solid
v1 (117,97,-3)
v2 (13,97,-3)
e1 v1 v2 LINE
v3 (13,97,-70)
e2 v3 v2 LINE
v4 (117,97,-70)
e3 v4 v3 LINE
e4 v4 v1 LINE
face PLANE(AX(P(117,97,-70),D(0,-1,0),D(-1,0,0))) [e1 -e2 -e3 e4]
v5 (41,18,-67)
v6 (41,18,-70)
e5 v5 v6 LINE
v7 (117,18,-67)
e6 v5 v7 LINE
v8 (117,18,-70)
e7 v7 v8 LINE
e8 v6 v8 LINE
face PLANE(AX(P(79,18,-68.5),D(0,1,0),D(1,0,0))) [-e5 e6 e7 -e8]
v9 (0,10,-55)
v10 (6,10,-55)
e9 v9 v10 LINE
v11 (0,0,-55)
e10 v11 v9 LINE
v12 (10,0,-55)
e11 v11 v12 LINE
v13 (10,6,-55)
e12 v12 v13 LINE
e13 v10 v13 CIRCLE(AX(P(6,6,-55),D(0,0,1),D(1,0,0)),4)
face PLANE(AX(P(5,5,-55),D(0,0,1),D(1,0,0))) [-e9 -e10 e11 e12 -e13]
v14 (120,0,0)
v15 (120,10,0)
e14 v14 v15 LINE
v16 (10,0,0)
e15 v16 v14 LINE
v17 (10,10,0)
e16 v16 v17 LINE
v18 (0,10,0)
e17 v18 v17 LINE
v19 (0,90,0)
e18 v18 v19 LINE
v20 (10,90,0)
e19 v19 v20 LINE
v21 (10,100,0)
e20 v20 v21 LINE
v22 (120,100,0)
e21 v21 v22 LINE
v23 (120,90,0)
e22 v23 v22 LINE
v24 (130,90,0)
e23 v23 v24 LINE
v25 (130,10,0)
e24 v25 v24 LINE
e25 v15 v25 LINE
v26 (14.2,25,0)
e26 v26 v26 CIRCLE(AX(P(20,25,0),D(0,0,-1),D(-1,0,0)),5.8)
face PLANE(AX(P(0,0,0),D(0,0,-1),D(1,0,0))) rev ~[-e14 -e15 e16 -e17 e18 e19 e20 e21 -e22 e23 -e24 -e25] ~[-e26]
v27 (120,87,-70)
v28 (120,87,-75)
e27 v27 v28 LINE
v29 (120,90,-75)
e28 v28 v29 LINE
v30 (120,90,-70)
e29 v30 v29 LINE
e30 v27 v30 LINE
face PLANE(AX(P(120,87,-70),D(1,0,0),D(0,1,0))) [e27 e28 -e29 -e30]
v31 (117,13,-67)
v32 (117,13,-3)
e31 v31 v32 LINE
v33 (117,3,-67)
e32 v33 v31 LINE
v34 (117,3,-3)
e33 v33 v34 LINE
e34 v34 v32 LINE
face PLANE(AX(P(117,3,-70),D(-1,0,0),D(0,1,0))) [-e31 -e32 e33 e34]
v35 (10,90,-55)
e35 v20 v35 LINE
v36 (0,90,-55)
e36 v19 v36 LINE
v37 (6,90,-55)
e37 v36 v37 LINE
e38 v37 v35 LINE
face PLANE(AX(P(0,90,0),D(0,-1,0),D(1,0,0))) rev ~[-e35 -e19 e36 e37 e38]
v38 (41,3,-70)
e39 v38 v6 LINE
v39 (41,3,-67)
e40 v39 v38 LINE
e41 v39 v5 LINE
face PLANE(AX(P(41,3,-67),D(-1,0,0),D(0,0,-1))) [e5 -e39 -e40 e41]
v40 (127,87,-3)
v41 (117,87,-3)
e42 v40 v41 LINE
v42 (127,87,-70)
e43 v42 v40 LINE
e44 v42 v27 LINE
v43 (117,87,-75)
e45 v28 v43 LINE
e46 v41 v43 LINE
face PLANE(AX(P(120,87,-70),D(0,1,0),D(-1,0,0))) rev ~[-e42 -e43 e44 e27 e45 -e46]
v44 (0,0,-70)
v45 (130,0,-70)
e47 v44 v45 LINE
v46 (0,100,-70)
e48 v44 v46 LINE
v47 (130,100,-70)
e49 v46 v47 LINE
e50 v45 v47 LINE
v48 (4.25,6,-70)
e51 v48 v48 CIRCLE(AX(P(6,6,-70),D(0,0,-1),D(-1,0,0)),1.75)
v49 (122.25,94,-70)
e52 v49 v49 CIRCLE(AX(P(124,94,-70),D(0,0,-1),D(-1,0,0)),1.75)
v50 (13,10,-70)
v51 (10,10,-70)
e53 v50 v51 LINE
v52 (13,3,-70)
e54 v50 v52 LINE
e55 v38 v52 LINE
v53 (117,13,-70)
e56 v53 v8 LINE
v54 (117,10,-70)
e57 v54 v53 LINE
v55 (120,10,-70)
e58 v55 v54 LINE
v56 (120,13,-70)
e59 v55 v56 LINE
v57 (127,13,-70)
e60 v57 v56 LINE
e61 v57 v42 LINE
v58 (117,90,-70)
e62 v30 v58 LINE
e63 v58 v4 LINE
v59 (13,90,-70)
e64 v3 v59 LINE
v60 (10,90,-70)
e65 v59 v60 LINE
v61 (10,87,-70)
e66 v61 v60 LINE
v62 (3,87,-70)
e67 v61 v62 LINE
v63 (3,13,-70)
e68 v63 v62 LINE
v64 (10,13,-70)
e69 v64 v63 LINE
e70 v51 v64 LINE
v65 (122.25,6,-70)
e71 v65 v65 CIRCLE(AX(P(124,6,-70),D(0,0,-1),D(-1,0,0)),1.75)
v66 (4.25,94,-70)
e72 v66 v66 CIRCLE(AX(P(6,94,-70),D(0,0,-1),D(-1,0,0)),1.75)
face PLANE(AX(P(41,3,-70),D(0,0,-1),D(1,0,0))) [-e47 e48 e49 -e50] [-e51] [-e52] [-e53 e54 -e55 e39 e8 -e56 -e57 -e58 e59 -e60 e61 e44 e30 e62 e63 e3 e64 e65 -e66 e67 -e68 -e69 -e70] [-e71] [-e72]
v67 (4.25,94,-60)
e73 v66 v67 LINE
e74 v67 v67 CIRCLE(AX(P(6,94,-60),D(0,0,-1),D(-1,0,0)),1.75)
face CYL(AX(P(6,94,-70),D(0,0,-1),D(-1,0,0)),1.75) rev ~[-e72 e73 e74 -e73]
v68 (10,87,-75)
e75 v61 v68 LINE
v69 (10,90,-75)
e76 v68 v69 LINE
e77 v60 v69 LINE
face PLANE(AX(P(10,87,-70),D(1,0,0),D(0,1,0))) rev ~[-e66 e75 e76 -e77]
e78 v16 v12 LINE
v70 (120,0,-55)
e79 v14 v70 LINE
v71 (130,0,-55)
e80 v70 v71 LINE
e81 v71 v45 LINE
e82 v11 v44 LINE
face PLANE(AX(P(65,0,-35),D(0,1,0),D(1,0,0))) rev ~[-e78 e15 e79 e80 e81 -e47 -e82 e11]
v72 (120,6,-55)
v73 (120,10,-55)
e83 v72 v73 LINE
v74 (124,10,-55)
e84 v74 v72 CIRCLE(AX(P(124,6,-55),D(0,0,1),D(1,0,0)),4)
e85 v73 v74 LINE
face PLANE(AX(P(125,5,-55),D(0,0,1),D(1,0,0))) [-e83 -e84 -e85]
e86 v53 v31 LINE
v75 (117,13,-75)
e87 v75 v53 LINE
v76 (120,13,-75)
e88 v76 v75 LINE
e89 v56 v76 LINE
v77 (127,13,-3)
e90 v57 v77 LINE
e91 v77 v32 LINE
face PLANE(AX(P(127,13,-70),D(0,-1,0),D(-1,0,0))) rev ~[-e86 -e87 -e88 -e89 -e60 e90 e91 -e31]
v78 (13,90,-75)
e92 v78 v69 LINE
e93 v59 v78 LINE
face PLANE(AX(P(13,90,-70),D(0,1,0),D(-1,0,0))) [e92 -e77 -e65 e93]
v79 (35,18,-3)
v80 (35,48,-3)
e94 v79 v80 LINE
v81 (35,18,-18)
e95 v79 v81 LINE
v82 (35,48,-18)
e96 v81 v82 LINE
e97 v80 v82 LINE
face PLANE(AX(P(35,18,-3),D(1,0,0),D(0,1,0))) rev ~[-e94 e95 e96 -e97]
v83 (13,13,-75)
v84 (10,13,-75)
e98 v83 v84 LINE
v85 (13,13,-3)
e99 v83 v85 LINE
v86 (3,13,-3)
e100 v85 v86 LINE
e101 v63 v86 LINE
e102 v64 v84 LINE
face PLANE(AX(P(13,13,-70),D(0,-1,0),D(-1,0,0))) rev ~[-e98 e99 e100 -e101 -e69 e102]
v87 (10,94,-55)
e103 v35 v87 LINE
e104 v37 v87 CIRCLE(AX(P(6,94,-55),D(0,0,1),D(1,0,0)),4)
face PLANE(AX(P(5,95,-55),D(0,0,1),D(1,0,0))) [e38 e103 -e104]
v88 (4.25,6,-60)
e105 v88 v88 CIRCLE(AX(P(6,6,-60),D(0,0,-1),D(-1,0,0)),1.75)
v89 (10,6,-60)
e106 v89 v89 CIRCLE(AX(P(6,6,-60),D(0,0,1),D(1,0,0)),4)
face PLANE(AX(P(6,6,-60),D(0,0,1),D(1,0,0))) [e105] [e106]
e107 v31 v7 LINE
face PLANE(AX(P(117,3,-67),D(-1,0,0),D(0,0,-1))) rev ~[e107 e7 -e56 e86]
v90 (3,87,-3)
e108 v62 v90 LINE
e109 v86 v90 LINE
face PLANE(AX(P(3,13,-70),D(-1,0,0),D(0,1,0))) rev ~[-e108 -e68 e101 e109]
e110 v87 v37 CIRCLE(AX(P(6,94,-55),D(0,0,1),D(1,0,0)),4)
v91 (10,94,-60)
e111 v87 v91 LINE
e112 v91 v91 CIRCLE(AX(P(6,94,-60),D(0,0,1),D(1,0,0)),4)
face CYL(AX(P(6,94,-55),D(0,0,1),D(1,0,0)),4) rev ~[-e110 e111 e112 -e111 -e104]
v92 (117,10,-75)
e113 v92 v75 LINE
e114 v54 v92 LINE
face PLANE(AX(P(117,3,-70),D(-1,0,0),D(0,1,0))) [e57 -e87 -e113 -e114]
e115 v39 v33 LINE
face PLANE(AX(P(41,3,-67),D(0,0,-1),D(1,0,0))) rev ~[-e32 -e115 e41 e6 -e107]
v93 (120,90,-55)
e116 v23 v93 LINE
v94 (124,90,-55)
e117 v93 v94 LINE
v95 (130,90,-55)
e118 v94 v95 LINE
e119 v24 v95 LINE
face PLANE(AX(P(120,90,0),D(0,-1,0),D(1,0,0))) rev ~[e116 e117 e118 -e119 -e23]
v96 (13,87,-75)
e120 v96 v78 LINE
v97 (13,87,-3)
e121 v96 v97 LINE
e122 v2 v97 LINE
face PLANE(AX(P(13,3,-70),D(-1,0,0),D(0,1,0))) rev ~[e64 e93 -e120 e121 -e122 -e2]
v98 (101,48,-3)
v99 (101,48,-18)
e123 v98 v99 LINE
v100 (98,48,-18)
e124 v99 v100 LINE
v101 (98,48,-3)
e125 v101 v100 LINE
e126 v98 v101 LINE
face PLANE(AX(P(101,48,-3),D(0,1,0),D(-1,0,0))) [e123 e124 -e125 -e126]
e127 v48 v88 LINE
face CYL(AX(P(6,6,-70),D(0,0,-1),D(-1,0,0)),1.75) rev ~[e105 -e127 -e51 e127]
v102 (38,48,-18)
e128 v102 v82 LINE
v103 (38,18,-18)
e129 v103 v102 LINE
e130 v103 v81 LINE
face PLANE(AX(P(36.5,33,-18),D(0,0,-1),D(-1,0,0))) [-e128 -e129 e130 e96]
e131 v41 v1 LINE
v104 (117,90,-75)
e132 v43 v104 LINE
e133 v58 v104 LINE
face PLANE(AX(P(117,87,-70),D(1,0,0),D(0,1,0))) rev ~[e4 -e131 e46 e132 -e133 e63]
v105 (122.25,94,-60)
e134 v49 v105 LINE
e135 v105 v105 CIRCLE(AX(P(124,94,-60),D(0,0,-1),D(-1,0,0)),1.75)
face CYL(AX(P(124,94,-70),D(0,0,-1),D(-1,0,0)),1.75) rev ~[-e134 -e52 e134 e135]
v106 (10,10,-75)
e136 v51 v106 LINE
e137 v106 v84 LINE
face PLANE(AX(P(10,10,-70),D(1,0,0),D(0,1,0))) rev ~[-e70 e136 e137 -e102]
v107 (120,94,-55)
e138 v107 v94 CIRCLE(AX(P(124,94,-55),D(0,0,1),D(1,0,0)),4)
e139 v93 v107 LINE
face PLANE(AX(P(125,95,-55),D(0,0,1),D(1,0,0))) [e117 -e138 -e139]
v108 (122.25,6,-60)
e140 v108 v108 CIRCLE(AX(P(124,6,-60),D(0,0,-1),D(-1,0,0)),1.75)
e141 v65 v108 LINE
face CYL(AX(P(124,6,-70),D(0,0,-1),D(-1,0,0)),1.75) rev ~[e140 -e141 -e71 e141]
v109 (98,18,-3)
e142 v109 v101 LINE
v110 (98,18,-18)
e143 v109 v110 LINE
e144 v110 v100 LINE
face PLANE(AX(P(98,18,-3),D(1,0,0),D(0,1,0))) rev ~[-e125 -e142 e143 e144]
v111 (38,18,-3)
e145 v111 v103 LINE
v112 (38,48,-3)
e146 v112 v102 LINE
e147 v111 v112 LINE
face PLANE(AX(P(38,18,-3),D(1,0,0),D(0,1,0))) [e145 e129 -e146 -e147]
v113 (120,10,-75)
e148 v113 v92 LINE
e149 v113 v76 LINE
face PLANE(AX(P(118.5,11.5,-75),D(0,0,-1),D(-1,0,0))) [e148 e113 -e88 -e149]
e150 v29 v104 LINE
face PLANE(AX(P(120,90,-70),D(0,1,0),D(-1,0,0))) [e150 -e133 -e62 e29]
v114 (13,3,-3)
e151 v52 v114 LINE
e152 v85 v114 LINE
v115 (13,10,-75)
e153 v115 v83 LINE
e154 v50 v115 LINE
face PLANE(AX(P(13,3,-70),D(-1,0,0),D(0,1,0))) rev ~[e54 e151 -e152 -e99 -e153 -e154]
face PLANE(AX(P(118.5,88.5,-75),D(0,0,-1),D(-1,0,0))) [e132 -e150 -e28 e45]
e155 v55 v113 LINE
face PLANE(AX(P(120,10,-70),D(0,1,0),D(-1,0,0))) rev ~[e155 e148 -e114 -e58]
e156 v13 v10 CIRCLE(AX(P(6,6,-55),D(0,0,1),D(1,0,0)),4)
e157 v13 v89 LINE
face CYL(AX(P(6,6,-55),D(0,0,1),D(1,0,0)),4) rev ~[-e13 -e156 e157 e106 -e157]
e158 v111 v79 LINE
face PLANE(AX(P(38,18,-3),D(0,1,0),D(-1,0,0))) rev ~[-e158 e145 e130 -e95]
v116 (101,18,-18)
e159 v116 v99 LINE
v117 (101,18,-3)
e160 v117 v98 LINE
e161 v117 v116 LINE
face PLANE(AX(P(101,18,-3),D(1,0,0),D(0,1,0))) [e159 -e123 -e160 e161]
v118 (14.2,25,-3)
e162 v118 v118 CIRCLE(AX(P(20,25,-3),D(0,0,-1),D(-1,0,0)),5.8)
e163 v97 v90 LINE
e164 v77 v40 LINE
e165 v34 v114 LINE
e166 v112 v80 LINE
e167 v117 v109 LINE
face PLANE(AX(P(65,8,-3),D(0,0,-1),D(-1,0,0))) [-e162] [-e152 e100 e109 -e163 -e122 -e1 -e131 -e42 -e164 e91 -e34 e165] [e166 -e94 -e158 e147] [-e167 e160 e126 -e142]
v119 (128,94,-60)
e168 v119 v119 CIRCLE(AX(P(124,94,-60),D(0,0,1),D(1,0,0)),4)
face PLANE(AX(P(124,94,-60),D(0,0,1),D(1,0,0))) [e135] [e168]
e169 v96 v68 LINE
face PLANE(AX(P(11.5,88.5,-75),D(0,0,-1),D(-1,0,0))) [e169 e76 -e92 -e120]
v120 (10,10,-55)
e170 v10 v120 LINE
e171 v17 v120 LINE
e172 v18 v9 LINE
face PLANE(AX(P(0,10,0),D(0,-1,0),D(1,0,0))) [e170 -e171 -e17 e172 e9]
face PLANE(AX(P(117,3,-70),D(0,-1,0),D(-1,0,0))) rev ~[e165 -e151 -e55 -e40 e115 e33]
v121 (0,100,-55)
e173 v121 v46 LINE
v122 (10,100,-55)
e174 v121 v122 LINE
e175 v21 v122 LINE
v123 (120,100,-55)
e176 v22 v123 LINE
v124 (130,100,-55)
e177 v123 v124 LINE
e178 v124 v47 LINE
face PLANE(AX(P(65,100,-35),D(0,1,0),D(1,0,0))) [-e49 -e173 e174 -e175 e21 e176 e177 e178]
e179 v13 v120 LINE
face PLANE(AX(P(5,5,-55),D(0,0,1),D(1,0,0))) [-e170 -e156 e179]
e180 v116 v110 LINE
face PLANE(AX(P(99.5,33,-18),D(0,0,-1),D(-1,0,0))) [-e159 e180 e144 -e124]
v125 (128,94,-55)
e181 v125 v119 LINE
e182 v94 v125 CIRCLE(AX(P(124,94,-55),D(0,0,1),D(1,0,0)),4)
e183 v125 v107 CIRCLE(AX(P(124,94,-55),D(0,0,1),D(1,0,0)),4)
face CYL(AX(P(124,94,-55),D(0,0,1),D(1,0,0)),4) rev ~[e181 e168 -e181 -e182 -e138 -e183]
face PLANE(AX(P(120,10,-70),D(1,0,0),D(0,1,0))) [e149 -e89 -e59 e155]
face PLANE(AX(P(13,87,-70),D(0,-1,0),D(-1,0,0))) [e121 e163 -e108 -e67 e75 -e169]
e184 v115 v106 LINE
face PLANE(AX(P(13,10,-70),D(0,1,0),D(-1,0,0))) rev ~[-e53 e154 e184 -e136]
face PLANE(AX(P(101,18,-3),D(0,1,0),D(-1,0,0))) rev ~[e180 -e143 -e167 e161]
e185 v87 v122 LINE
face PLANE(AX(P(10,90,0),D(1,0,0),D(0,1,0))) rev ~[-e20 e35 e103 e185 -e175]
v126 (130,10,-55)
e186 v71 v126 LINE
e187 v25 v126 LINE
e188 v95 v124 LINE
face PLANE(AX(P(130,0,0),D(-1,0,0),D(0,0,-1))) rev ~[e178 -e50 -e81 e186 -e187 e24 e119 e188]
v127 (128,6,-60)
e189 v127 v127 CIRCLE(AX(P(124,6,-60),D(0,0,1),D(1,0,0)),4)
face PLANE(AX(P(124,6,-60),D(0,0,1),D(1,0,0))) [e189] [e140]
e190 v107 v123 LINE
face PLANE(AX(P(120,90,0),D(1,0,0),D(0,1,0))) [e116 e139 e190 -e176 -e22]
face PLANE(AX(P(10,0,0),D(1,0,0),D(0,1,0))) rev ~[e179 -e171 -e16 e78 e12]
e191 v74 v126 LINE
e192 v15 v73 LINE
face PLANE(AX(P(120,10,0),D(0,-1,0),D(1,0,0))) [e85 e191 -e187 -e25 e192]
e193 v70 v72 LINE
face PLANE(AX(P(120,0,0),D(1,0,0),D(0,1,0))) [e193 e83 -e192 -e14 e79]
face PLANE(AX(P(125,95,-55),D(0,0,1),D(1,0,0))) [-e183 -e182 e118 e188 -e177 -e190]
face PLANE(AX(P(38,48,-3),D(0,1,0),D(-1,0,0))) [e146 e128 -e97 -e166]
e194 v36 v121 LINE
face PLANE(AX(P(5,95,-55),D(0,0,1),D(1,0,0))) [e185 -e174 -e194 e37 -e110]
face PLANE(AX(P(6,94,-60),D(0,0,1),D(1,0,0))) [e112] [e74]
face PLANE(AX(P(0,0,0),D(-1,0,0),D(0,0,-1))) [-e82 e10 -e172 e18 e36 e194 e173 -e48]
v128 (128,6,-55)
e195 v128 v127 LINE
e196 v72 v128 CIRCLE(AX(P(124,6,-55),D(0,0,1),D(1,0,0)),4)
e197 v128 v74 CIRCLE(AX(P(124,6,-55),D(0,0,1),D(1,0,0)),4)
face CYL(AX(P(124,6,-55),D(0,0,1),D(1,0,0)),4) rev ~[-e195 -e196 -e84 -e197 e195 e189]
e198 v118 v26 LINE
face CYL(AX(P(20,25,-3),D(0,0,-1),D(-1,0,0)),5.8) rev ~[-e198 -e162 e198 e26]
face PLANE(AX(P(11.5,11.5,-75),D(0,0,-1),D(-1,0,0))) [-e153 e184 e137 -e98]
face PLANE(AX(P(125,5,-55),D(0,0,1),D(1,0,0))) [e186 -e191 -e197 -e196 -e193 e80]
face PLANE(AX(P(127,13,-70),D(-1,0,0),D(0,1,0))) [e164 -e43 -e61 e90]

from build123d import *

# Parameters (mm, degrees)
SKETCH2_W           = 130
SKETCH2_H           = 70
BOSS_EXTRUDE1_DEPTH = 100
SKETCH3_W           = 104
SKETCH3_H           = 74
CUT_EXTRUDE1_DEPTH  = 67
SKETCH4_W           = 10
SKETCH4_H           = 10
CUT_EXTRUDE2_DEPTH  = 55
SKETCH5_W           = 104
SKETCH5_H           = 10
CUT_EXTRUDE3_DEPTH  = 67
SKETCH6_W           = 10
SKETCH6_H           = 74
CUT_EXTRUDE4_DEPTH  = 67
SKETCH9_R           = 1.75
CUT_EXTRUDE5_DEPTH  = 67
SKETCH10_R          = 4
CUT_EXTRUDE6_DEPTH  = 5
SKETCH12_R          = 4
CUT_EXTRUDE7_DEPTH  = 5
SKETCH13_R          = 4
CUT_EXTRUDE8_DEPTH  = 5
SKETCH14_R          = 4
CUT_EXTRUDE9_DEPTH  = 5
SKETCH15_W          = 3
SKETCH15_H          = 3
BOSS_EXTRUDE2_DEPTH = 5
SKETCH16_W          = 76
SKETCH16_H          = 3
BOSS_EXTRUDE3_DEPTH = 15
SKETCH17_W          = 3
SKETCH17_H          = 30
BOSS_EXTRUDE4_DEPTH = 15
SKETCH18_R          = 5.8
CUT_EXTRUDE10_DEPTH = 15


with BuildPart() as part:
    # Sketch2 → Boss-Extrude1 (new body)
    with BuildSketch(Plane(origin=(0, 0, 0), x_dir=(1, 0, 0), z_dir=(0, 1, 0))):
        with Locations((65, 35)):
            Rectangle(SKETCH2_W, SKETCH2_H)
    extrude(amount=BOSS_EXTRUDE1_DEPTH)

    # Sketch3 → Cut-Extrude1 (cut)
    with BuildSketch(Plane(origin=(0, 0, -70), x_dir=(-1, 0, 0), z_dir=(0, 0, -1))):
        with Locations((-65, 50)):
            Rectangle(SKETCH3_W, SKETCH3_H)
    extrude(amount=-CUT_EXTRUDE1_DEPTH, mode=Mode.SUBTRACT)

    # Sketch4 → Cut-Extrude2 (cut)
    with BuildSketch(Plane.XY):
        with Locations((5, 95)):
            Rectangle(SKETCH4_W, SKETCH4_H)
        with Locations((125, 95)):
            Rectangle(SKETCH4_W, SKETCH4_H)
        with Locations((5, 5)):
            Rectangle(SKETCH4_W, SKETCH4_H)
        with Locations((125, 5)):
            Rectangle(SKETCH4_W, SKETCH4_H)
    extrude(amount=-CUT_EXTRUDE2_DEPTH, mode=Mode.SUBTRACT)

    # Sketch5 → Cut-Extrude3 (cut)
    with BuildSketch(Plane(origin=(0, 0, -70), x_dir=(-1, 0, 0), z_dir=(0, 0, -1))):
        with Locations((-65, 92)):
            Rectangle(SKETCH5_W, SKETCH5_H)
        with Locations((-65, 8)):
            Rectangle(SKETCH5_W, SKETCH5_H)
    extrude(amount=-CUT_EXTRUDE3_DEPTH, mode=Mode.SUBTRACT)

    # Sketch6 → Cut-Extrude4 (cut)
    with BuildSketch(Plane(origin=(0, 0, -70), x_dir=(-1, 0, 0), z_dir=(0, 0, -1))):
        with Locations((-122, 50)):
            Rectangle(SKETCH6_W, SKETCH6_H)
        with Locations((-8, 50)):
            Rectangle(SKETCH6_W, SKETCH6_H)
    extrude(amount=-CUT_EXTRUDE4_DEPTH, mode=Mode.SUBTRACT)

    # Sketch9 → Cut-Extrude5 (cut)
    with BuildSketch(Plane(origin=(0, 0, -70), x_dir=(-1, 0, 0), z_dir=(0, 0, -1))):
        with Locations((-124, 94)):
            Circle(SKETCH9_R)
        with Locations((-124, 6)):
            Circle(SKETCH9_R)
        with Locations((-6, 94)):
            Circle(SKETCH9_R)
        with Locations((-6, 6)):
            Circle(SKETCH9_R)
    extrude(amount=-CUT_EXTRUDE5_DEPTH, mode=Mode.SUBTRACT)

    # Sketch10 → Cut-Extrude6 (cut)
    with BuildSketch(Plane.XY.offset(-55)):
        with Locations((124, 94)):
            Circle(SKETCH10_R)
    extrude(amount=-CUT_EXTRUDE6_DEPTH, mode=Mode.SUBTRACT)

    # Sketch12 → Cut-Extrude7 (cut)
    with BuildSketch(Plane.XY.offset(-55)):
        with Locations((124, 6)):
            Circle(SKETCH12_R)
    extrude(amount=-CUT_EXTRUDE7_DEPTH, mode=Mode.SUBTRACT)

    # Sketch13 → Cut-Extrude8 (cut)
    with BuildSketch(Plane.XY.offset(-55)):
        with Locations((6, 6)):
            Circle(SKETCH13_R)
    extrude(amount=-CUT_EXTRUDE8_DEPTH, mode=Mode.SUBTRACT)

    # Sketch14 → Cut-Extrude9 (cut)
    with BuildSketch(Plane.XY.offset(-55)):
        with Locations((6, 94)):
            Circle(SKETCH14_R)
    extrude(amount=-CUT_EXTRUDE9_DEPTH, mode=Mode.SUBTRACT)

    # Sketch15 → Boss-Extrude2 (add)
    with BuildSketch(Plane(origin=(0, 0, -70), x_dir=(-1, 0, 0), z_dir=(0, 0, -1))):
        with Locations((-118.5, 88.5)):
            Rectangle(SKETCH15_W, SKETCH15_H)
        with Locations((-118.5, 11.5)):
            Rectangle(SKETCH15_W, SKETCH15_H)
        with Locations((-11.5, 11.5)):
            Rectangle(SKETCH15_W, SKETCH15_H)
        with Locations((-11.5, 88.5)):
            Rectangle(SKETCH15_W, SKETCH15_H)
    extrude(amount=BOSS_EXTRUDE2_DEPTH)

    # Sketch16 → Boss-Extrude3 (add)
    with BuildSketch(Plane(origin=(0, 3, 0), x_dir=(1, 0, 0), z_dir=(0, 1, 0))):
        with Locations((79, 68.5)):
            Rectangle(SKETCH16_W, SKETCH16_H)
    extrude(amount=BOSS_EXTRUDE3_DEPTH)

    # Sketch17 → Boss-Extrude4 (add)
    with BuildSketch(Plane(origin=(0, 0, -3), x_dir=(-1, 0, 0), z_dir=(0, 0, -1))):
        with Locations((-99.5, 33)):
            Rectangle(SKETCH17_W, SKETCH17_H)
        with Locations((-36.5, 33)):
            Rectangle(SKETCH17_W, SKETCH17_H)
    extrude(amount=BOSS_EXTRUDE4_DEPTH)

    # Sketch18 → Cut-Extrude10 (cut)
    with BuildSketch(Plane(origin=(0, 0, -3), x_dir=(-1, 0, 0), z_dir=(0, 0, -1))):
        with Locations((-20, 25)):
            Circle(SKETCH18_R)
    extrude(amount=-CUT_EXTRUDE10_DEPTH, mode=Mode.SUBTRACT)


solid = part.part
